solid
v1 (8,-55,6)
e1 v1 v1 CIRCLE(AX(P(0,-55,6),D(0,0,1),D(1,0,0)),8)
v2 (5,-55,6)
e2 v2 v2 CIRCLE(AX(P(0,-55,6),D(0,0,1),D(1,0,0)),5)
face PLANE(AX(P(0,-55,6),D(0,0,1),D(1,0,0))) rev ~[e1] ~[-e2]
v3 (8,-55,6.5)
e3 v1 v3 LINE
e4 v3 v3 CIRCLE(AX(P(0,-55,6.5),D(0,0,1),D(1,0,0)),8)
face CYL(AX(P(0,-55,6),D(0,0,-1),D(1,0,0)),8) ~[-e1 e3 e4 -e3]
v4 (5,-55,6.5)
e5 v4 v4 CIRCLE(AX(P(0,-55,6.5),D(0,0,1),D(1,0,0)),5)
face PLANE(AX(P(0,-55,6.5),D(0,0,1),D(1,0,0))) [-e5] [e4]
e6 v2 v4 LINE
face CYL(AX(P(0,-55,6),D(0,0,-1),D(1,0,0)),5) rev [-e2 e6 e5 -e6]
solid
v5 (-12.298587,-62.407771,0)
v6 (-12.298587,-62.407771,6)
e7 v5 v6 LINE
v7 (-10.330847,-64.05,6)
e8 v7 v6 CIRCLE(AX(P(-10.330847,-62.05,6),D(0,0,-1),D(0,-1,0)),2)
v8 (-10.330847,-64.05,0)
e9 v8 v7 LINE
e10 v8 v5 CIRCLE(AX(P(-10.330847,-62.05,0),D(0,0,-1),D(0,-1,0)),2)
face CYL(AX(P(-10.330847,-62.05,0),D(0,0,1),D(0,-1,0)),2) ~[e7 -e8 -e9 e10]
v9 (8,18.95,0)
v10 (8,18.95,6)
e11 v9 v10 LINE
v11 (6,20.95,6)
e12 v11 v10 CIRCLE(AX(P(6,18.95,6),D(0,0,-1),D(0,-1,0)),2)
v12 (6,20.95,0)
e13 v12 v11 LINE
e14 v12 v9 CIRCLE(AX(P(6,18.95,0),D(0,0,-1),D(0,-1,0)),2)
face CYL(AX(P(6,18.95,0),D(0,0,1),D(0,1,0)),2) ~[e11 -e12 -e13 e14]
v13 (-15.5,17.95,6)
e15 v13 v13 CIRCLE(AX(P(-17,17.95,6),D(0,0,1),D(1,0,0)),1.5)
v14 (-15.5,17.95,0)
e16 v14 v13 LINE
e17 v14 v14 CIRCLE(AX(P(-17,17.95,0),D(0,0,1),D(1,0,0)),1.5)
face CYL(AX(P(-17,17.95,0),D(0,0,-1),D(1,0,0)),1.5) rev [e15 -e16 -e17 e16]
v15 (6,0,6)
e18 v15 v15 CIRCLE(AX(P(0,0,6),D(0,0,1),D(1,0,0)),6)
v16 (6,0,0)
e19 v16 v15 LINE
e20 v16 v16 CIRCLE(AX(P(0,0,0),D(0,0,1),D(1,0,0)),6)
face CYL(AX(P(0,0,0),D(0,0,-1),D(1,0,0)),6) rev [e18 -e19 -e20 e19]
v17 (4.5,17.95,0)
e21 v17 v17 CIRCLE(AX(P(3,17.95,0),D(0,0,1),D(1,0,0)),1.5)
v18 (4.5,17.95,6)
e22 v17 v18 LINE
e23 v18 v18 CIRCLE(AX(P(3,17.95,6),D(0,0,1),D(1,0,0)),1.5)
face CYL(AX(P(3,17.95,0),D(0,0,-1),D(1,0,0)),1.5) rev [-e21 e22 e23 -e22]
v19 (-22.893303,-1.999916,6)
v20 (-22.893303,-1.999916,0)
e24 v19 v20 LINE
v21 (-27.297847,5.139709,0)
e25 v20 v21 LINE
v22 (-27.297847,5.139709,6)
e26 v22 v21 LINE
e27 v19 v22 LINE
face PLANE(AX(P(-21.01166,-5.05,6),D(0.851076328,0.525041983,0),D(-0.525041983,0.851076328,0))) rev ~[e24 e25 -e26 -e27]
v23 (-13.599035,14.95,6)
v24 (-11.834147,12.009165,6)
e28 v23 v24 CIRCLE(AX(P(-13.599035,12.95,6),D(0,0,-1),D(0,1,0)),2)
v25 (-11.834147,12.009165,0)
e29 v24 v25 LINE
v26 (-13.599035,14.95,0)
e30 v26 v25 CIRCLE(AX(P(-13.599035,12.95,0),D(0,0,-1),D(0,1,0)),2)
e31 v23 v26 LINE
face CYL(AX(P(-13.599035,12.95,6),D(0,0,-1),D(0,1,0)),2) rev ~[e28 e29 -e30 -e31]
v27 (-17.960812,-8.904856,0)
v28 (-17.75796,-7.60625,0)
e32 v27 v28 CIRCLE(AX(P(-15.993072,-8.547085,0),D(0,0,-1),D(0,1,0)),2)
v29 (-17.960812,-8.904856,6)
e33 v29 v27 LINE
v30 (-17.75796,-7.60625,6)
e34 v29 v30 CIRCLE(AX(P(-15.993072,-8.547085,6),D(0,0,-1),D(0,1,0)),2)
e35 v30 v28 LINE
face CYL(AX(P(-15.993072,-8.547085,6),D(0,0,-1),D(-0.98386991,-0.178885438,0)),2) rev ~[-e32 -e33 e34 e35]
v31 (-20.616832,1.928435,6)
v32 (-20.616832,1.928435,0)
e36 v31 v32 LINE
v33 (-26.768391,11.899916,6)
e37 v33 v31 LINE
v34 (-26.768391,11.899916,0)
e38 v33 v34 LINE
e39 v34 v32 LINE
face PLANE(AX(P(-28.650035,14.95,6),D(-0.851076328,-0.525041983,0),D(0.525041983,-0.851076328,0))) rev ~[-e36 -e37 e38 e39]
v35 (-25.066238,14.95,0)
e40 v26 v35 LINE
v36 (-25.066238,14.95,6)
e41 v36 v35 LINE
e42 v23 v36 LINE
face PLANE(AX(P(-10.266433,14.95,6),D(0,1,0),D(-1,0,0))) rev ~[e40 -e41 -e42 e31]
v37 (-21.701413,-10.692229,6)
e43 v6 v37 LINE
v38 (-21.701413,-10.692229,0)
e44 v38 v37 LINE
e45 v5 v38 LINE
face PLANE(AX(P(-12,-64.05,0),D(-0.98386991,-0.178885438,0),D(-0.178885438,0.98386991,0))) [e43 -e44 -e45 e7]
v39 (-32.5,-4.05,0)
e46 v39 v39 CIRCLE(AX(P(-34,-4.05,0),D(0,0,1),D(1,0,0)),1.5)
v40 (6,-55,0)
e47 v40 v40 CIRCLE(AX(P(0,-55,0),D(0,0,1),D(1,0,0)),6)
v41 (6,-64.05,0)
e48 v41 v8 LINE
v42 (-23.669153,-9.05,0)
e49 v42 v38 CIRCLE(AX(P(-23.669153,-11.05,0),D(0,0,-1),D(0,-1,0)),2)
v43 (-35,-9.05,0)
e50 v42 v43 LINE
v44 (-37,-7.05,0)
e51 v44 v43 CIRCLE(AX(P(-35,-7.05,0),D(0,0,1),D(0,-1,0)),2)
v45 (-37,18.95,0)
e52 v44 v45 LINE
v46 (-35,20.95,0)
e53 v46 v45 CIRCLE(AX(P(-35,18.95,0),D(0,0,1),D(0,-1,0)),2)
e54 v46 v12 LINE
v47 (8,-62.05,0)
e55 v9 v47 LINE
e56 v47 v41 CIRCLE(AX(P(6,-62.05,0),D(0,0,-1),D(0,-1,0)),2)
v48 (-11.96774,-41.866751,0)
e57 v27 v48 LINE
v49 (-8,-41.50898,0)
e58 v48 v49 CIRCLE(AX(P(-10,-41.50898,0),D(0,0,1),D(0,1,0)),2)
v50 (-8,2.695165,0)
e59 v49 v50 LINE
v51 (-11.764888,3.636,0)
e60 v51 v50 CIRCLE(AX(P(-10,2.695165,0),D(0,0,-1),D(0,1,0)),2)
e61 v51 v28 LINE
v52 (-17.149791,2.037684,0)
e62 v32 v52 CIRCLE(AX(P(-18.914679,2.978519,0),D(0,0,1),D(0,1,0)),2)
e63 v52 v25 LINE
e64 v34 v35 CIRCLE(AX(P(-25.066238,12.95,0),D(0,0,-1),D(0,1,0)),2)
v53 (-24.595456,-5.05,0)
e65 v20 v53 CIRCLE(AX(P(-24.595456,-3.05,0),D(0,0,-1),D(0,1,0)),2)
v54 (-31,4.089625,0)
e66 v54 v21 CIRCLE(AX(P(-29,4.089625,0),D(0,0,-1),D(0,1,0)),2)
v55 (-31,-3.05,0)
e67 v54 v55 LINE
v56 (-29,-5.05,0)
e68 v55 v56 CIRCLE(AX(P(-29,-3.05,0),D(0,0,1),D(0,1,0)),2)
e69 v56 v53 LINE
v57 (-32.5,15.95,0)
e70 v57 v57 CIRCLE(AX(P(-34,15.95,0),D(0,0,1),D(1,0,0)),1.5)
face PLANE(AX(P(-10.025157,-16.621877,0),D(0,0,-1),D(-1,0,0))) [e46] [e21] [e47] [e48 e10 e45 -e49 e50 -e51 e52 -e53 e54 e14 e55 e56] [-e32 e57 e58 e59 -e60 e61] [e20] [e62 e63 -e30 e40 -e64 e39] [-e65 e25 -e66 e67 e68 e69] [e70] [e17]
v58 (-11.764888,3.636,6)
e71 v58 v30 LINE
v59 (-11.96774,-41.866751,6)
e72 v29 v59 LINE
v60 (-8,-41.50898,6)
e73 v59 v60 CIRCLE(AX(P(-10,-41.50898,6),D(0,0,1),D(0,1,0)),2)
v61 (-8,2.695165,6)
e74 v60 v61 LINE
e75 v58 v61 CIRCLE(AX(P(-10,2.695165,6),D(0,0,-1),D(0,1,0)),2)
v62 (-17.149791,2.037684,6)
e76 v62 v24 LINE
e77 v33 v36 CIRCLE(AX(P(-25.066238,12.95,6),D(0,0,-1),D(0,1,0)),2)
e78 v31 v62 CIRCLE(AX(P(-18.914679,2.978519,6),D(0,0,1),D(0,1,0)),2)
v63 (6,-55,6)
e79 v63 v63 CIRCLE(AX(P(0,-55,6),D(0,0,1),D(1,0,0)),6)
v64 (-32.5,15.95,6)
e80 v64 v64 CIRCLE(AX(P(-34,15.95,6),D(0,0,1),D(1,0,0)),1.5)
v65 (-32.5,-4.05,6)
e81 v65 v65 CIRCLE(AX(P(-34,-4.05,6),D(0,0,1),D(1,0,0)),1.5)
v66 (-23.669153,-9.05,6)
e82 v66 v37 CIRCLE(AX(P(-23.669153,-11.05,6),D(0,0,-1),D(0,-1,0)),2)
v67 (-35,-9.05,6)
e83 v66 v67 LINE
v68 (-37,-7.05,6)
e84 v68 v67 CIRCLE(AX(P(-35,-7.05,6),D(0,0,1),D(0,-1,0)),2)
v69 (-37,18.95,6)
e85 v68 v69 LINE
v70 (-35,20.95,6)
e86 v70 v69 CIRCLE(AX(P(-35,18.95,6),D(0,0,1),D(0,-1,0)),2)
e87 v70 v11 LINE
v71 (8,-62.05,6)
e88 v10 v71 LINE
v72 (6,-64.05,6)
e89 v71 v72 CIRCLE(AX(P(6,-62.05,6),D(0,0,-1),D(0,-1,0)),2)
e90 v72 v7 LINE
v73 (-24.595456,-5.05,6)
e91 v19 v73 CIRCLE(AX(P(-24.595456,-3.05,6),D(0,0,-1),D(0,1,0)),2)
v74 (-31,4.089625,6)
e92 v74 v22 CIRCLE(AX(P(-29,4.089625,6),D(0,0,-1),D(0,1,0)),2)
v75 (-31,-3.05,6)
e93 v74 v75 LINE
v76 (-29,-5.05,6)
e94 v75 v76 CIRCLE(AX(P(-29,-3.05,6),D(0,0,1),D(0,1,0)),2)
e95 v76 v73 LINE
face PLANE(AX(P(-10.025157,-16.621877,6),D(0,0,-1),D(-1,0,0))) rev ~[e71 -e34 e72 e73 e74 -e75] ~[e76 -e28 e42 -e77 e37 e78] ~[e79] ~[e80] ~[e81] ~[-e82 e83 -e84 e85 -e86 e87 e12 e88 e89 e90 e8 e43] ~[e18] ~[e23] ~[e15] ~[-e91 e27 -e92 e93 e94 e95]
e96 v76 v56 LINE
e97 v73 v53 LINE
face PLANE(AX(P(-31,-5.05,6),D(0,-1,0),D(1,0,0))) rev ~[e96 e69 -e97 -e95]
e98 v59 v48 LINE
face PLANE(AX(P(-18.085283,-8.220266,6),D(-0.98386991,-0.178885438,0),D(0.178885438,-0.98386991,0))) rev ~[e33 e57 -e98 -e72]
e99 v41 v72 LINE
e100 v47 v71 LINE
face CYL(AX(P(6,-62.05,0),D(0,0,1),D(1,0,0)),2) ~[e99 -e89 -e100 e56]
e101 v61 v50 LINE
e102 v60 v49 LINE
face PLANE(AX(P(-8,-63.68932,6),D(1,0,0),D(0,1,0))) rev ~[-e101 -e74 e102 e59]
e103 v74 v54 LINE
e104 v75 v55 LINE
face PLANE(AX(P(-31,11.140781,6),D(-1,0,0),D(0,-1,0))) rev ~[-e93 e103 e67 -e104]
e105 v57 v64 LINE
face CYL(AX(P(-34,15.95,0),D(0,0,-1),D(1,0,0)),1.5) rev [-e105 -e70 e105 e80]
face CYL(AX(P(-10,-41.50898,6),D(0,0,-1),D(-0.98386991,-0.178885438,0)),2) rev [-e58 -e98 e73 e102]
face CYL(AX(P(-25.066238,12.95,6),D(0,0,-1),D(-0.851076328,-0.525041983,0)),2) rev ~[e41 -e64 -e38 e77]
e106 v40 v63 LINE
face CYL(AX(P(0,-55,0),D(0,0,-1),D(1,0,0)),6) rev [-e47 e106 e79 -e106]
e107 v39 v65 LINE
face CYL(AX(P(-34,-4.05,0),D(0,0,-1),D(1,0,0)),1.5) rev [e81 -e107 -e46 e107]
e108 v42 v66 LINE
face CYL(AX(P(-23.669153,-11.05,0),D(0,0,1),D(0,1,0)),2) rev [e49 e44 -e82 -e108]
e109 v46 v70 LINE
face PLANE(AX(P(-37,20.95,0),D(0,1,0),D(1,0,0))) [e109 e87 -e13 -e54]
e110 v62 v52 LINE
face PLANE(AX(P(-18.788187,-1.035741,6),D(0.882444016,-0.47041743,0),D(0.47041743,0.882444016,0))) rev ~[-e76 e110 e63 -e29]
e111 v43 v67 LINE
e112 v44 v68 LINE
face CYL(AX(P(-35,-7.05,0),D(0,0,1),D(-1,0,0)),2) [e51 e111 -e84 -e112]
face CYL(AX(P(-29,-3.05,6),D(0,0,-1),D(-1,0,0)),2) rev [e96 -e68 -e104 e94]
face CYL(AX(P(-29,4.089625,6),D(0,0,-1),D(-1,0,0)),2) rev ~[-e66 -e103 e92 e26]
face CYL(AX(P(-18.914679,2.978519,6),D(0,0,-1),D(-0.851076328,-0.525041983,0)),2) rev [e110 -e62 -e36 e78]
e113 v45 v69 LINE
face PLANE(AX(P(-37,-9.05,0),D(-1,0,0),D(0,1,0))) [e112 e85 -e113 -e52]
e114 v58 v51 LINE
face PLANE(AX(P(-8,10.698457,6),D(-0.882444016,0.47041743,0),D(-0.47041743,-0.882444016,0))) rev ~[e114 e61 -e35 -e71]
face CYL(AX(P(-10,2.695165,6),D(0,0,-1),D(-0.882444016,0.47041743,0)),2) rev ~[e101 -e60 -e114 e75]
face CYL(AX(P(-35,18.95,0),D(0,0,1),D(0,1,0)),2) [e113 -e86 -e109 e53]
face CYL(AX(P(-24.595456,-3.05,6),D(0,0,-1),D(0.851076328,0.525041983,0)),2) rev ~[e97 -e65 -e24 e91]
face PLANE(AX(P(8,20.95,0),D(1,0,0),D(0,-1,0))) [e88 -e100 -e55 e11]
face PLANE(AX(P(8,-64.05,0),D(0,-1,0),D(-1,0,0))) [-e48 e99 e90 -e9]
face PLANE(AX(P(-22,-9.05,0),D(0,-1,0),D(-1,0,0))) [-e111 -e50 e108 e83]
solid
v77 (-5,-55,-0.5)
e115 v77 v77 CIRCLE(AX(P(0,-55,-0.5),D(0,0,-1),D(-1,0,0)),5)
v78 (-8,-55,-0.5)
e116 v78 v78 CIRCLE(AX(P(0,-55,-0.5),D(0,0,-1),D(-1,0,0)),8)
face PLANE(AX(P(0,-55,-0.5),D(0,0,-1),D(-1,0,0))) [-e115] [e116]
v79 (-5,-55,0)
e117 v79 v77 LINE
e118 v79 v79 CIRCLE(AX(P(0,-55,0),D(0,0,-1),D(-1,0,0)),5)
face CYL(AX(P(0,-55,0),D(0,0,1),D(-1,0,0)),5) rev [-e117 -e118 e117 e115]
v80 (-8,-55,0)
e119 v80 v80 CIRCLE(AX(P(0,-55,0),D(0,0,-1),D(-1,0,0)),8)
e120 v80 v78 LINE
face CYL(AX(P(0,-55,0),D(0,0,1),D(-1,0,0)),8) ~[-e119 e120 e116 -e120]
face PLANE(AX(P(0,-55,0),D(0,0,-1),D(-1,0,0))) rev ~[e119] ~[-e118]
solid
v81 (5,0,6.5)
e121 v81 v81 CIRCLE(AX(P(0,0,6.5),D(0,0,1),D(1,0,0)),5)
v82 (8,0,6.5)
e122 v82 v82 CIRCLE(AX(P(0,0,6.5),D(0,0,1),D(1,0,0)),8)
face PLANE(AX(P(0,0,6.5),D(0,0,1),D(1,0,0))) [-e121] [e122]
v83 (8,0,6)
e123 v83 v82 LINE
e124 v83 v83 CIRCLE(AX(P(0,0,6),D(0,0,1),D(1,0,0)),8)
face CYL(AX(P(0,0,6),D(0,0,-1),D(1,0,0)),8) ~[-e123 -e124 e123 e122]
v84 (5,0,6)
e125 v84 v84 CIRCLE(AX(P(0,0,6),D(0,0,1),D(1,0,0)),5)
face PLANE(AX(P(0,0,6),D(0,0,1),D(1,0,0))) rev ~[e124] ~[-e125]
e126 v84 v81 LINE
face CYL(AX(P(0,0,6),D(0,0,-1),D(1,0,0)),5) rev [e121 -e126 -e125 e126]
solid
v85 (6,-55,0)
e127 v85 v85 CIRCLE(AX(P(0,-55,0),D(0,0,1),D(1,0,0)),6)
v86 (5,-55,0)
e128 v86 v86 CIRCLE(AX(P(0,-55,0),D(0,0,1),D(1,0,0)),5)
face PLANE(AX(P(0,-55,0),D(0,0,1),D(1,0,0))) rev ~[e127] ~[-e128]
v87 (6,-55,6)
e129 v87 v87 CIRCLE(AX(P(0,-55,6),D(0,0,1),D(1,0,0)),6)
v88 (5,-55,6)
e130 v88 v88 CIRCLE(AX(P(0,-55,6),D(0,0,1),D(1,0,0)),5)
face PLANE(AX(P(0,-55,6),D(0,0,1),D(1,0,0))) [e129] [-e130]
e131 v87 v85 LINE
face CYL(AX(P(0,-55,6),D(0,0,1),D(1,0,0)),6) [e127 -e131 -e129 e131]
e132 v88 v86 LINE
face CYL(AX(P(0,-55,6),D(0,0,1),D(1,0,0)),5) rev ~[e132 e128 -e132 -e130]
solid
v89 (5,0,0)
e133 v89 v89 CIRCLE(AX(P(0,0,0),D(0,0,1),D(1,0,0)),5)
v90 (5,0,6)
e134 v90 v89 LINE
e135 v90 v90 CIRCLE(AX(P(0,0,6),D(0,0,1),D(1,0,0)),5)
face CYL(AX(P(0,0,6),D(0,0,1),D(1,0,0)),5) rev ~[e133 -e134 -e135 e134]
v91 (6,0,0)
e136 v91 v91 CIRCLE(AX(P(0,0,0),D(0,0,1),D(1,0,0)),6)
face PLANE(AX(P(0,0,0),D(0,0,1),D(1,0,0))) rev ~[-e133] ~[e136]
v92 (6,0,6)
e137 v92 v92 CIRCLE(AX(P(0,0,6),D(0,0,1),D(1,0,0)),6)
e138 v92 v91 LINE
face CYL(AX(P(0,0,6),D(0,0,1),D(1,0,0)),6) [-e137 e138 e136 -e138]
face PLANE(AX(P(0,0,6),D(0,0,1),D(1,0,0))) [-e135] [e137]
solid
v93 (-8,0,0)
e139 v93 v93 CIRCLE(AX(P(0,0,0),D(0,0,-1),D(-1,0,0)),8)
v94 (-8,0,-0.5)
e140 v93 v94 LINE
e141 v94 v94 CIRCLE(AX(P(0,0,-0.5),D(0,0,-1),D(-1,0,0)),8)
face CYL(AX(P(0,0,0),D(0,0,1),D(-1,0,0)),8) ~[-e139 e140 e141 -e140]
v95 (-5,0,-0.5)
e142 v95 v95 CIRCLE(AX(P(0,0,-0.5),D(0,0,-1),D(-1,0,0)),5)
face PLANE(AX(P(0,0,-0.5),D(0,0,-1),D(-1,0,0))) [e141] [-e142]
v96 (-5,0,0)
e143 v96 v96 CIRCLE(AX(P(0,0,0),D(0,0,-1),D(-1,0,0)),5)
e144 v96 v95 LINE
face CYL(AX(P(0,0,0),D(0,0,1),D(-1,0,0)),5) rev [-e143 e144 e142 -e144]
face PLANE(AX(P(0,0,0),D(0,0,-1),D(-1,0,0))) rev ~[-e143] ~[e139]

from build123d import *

# Parameters (mm, degrees)
SKETCH_1_R          = 6
SKETCH_1_R_2        = 1.5
EXTRUDE_1_DEPTH     = 6
SKETCH_2_R          = 6
SKETCH_2_R_2        = 5
EXTRUDE_2_DEPTH     = 6
EXTRUDE_2_2_DEPTH   = 6
CUT_EXTRUDE_1_DEPTH = 6
FILLET_2_R          = 2
SKETCH_4_R          = 8
SKETCH_4_R_2        = 5
EXTRUDE_3_DEPTH     = 0.5
EXTRUDE_3_2_DEPTH   = 0.5
SKETCH_5_R          = 8
SKETCH_5_R_2        = 5
EXTRUDE_4_DEPTH     = 0.5
EXTRUDE_4_2_DEPTH   = 0.5


with BuildPart() as part:
    # 草图1 → 凸台-拉伸1 (new body)
    with BuildSketch(Plane.XY):
        Polygon((-37, 20.95), (8, 20.95), (8, -64.05), (-12, -64.05), (-22, -9.05), (-37, -9.05), align=None)
        Circle(SKETCH_1_R, mode=Mode.SUBTRACT)
        with Locations((0, -55)):
            Circle(SKETCH_1_R, mode=Mode.SUBTRACT)
        with Locations((3, 17.95)):
            Circle(SKETCH_1_R_2, mode=Mode.SUBTRACT)
        with Locations((-17, 17.95)):
            Circle(SKETCH_1_R_2, mode=Mode.SUBTRACT)
        with Locations((-34, 15.95)):
            Circle(SKETCH_1_R_2, mode=Mode.SUBTRACT)
        with Locations((-34, -4.05)):
            Circle(SKETCH_1_R_2, mode=Mode.SUBTRACT)
    extrude(amount=EXTRUDE_1_DEPTH)

    # 草图3 → 切除-拉伸1 (cut)
    with BuildSketch(Plane.XY.offset(6)):
        Polygon((-8, -63.689320225), (-8, 10.698456851), (-18.085282501, -8.220266471), align=None)
        Polygon((-18.788186972, -1.035740679), (-10.266432729, 14.95), (-28.65003451, 14.95), align=None)
        Polygon((-31, -5.05), (-21.011660076, -5.05), (-31, 11.140780806), align=None)
    extrude(amount=-CUT_EXTRUDE_1_DEPTH, mode=Mode.SUBTRACT)

    # 圆角2
    fillet_2_edges = [part.edges().sort_by_distance(p)[0] for p in [
        (8, -64.05, 3),
        (-12, -64.05, 3),
        (-22, -9.05, 3),
        (-37, -9.05, 3),
        (-37, 20.95, 3),
        (8, 20.95, 3),
        (-10.266432729, 14.95, 3),
        (-28.65003451, 14.95, 3),
        (-18.788186972, -1.035740679, 3),
        (-31, 11.140780806, 3),
        (-21.011660076, -5.05, 3),
        (-31, -5.05, 3),
        (-18.085282501, -8.220266471, 3),
        (-8, -63.689320225, 3),
        (-8, 10.698456851, 3),
    ]]
    fillet(fillet_2_edges, radius=FILLET_2_R)


with BuildPart() as body_2:
    # 草图2 → 凸台-拉伸2 (new body)
    with BuildSketch(Plane.XY.offset(6)):
        with Locations((0, -55)):
            Circle(SKETCH_2_R)
        with Locations((0, -55)):
            Circle(SKETCH_2_R_2, mode=Mode.SUBTRACT)
    extrude(amount=-EXTRUDE_2_DEPTH)


with BuildPart() as body_3:
    # 草图2 → Extrude 2 2 (new body)
    with BuildSketch(Plane.XY.offset(6)):
        Circle(SKETCH_2_R)
        Circle(SKETCH_2_R_2, mode=Mode.SUBTRACT)
    extrude(amount=-EXTRUDE_2_2_DEPTH)


with BuildPart() as body_4:
    # 草图4 → 凸台-拉伸3 (new body)
    with BuildSketch(Plane.XY.offset(6)):
        Circle(SKETCH_4_R)
        Circle(SKETCH_4_R_2, mode=Mode.SUBTRACT)
    extrude(amount=EXTRUDE_3_DEPTH)


with BuildPart() as body_5:
    # 草图4 → Extrude 3 2 (new body)
    with BuildSketch(Plane.XY.offset(6)):
        with Locations((0, -55)):
            Circle(SKETCH_4_R)
        with Locations((0, -55)):
            Circle(SKETCH_4_R_2, mode=Mode.SUBTRACT)
    extrude(amount=EXTRUDE_3_2_DEPTH)


with BuildPart() as body_6:
    # 草图5 → 凸台-拉伸4 (new body)
    with BuildSketch(Plane(origin=(0, 0, 0), x_dir=(-1, 0, 0), z_dir=(0, 0, -1))):
        with Locations((0, -55)):
            Circle(SKETCH_5_R)
        with Locations((0, -55)):
            Circle(SKETCH_5_R_2, mode=Mode.SUBTRACT)
    extrude(amount=EXTRUDE_4_DEPTH)


with BuildPart() as body_7:
    # 草图5 → Extrude 4 2 (new body)
    with BuildSketch(Plane(origin=(0, 0, 0), x_dir=(-1, 0, 0), z_dir=(0, 0, -1))):
        Circle(SKETCH_5_R)
        Circle(SKETCH_5_R_2, mode=Mode.SUBTRACT)
    extrude(amount=EXTRUDE_4_2_DEPTH)


solid = Compound([part.part, body_2.part, body_3.part, body_4.part, body_5.part, body_6.part, body_7.part])
